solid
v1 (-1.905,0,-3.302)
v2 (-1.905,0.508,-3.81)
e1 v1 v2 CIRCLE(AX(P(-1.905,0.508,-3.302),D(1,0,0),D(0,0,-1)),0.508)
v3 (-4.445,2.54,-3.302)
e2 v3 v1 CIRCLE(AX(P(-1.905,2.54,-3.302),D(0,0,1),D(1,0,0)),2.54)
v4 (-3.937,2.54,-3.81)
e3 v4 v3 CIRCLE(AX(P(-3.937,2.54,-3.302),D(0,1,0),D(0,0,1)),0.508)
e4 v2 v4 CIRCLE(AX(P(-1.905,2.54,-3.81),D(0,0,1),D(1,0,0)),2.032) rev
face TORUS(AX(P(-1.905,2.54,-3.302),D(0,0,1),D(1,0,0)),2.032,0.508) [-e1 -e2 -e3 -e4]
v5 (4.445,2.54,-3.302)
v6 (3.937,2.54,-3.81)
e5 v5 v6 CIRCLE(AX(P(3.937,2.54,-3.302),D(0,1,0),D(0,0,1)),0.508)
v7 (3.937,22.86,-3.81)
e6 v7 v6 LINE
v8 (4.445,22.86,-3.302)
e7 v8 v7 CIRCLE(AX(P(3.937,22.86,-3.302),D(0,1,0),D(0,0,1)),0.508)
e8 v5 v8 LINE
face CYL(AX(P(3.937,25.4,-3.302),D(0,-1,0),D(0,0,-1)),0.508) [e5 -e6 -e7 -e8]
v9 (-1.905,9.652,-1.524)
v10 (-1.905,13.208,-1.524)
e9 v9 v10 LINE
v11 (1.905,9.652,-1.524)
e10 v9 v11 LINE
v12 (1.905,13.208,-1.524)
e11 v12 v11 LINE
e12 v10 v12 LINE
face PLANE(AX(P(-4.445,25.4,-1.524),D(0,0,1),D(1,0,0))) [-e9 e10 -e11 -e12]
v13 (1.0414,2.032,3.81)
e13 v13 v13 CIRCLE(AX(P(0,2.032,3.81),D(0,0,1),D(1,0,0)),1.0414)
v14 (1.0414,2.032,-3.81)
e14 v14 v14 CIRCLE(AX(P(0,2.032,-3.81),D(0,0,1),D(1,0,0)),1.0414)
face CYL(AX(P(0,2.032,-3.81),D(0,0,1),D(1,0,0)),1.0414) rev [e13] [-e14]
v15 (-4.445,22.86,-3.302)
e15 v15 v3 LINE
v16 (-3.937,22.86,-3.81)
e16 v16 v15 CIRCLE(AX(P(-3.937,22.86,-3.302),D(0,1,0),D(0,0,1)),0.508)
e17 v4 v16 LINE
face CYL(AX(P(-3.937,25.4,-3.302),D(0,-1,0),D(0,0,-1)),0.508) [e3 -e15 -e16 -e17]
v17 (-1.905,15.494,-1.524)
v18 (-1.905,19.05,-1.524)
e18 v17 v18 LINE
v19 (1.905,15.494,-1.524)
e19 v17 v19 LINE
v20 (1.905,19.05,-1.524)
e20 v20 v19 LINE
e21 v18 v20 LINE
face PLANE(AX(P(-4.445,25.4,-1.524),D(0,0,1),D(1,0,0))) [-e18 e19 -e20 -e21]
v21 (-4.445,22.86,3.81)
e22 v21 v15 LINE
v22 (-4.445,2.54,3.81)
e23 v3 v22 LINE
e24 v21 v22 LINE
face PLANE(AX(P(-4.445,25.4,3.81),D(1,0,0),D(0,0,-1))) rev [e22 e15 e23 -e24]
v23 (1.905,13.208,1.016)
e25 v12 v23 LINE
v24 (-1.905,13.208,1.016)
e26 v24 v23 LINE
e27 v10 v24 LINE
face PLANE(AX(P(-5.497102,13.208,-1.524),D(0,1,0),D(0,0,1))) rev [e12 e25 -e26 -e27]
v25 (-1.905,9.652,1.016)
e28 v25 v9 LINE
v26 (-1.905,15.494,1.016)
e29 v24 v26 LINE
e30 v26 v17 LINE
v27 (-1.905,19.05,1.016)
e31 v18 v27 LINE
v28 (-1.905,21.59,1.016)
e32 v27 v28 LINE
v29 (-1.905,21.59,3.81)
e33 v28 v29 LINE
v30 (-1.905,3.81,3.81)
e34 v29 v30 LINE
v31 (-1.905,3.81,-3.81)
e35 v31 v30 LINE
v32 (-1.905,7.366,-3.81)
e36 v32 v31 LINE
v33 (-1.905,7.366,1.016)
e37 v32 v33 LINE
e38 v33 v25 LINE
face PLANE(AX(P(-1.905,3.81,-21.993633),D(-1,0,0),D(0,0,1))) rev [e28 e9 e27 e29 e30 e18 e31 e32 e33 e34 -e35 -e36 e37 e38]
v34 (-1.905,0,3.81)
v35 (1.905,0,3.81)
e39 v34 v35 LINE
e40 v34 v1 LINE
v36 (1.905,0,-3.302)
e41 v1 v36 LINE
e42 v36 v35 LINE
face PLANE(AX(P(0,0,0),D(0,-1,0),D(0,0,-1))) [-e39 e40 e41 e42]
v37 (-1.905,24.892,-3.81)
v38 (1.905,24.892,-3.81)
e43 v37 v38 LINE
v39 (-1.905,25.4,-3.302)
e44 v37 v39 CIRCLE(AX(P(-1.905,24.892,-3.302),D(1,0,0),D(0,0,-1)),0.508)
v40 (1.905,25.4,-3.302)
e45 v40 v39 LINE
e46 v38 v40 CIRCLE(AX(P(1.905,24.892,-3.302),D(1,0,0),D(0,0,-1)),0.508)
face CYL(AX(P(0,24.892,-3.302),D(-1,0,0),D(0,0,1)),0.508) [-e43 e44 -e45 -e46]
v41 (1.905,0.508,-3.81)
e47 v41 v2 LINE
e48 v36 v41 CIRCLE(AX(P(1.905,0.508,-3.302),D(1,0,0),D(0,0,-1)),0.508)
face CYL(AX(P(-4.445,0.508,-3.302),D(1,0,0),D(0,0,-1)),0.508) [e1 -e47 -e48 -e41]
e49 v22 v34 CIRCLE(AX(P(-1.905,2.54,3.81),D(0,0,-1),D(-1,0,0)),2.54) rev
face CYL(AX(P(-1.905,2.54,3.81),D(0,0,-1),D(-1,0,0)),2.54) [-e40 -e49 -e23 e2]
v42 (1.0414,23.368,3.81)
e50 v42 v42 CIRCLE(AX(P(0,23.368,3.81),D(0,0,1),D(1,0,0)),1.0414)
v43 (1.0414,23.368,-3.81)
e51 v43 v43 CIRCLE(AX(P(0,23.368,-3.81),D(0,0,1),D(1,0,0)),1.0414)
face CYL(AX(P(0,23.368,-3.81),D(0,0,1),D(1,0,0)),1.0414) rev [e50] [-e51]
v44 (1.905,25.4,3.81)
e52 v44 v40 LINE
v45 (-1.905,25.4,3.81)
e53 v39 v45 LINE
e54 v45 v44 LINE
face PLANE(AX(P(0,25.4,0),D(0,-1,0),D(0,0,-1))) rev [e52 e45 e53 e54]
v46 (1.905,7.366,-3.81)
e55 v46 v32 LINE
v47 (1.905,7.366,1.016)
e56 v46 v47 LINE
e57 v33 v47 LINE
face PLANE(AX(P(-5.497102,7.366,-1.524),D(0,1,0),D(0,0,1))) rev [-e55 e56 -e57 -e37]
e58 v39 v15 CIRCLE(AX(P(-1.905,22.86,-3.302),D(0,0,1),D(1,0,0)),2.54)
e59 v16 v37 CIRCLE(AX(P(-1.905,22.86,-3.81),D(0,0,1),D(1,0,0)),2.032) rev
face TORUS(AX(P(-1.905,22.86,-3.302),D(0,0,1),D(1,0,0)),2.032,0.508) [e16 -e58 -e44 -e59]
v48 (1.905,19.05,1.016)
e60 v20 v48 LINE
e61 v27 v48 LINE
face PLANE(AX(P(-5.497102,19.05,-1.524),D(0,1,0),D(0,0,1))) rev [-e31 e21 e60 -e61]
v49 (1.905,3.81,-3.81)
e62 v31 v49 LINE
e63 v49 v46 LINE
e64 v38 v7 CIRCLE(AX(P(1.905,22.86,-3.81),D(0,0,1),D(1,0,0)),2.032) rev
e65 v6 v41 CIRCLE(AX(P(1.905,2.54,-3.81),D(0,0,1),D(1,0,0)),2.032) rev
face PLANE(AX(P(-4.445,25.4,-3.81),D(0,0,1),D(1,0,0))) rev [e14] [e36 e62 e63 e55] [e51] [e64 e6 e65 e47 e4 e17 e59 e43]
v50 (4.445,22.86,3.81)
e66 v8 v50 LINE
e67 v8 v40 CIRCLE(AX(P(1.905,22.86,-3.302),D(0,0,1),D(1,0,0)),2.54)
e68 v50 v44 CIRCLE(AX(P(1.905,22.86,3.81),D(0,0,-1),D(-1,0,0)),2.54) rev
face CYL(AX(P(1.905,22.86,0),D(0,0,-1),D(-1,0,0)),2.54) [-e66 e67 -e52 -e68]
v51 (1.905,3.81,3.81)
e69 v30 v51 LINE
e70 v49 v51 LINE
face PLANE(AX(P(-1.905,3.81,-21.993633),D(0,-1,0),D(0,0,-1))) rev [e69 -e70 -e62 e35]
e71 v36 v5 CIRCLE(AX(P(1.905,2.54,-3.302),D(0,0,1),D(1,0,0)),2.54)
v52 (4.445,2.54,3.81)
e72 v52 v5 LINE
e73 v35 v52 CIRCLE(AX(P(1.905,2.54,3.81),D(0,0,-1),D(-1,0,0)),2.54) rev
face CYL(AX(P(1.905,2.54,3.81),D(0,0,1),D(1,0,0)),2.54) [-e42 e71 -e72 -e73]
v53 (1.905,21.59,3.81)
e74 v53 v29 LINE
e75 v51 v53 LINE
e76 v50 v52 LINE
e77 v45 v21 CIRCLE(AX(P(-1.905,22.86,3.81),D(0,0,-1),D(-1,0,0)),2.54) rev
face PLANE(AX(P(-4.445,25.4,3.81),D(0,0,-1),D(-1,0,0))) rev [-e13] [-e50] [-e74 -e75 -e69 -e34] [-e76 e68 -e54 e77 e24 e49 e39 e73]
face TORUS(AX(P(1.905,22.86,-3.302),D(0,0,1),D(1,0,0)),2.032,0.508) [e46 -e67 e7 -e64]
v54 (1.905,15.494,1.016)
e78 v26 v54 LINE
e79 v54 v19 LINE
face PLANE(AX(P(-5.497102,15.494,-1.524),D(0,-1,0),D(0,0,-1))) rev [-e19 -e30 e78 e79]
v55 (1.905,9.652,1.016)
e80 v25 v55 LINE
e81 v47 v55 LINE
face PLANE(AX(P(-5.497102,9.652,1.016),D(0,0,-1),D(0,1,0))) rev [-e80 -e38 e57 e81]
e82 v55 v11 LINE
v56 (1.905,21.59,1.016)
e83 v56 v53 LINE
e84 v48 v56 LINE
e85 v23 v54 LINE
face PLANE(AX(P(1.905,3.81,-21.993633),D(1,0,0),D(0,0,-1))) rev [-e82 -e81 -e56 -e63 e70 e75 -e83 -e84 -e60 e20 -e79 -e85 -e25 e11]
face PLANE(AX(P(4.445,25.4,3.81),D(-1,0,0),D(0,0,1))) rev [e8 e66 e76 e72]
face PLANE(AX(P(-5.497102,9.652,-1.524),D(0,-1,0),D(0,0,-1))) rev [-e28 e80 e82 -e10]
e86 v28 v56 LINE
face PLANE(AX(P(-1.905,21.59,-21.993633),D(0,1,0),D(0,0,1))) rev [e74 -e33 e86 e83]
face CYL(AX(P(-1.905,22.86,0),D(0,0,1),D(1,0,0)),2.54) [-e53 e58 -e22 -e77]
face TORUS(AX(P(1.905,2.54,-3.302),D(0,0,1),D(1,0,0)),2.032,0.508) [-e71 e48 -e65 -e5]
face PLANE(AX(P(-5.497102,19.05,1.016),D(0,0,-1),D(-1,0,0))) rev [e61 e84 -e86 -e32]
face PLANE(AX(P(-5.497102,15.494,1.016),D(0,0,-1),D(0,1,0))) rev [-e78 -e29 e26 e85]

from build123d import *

# Parameters (mm, degrees)
SKETCH1_W           = 8.89
SKETCH1_H           = 7.62
BOSS_EXTRUDE1_DEPTH = 25.4
SKETCH2_W           = 3.81
SKETCH2_H           = 17.78
CUT_EXTRUDE1_DEPTH  = 5.334
SKETCH3_W           = 2.54
SKETCH3_H           = 2.286
SKETCH3_H_2         = 2.54
BOSS_EXTRUDE2_DEPTH = 3.81
SKETCH4_W           = 3.81
SKETCH4_H           = 3.556
CUT_EXTRUDE2_DEPTH  = 3.286
SKETCH5_R           = 1.0414
CUT_EXTRUDE4_DEPTH  = 8.62
FILLET3_R           = 2.54
FILLET2_R           = 0.508


with BuildPart() as part:
    # Sketch1 → Boss-Extrude1 (new body)
    with BuildSketch(Plane(origin=(0, 0, 0), x_dir=(1, 0, 0), z_dir=(0, 1, 0))):
        Rectangle(SKETCH1_W, SKETCH1_H)
    extrude(amount=BOSS_EXTRUDE1_DEPTH)

    # Sketch2 → Cut-Extrude1 (cut)
    with BuildSketch(Plane.XY.offset(3.81)):
        with Locations((0, 12.7)):
            Rectangle(SKETCH2_W, SKETCH2_H)
    extrude(amount=-CUT_EXTRUDE1_DEPTH, mode=Mode.SUBTRACT)

    # Sketch3 → Boss-Extrude2 (add)
    with BuildSketch(Plane.ZY.offset(-1.905)):
        with Locations((-0.254, 14.351)):
            Rectangle(SKETCH3_W, SKETCH3_H)
        with Locations((-0.254, 8.509)):
            Rectangle(SKETCH3_W, SKETCH3_H)
        with Locations((-0.254, 20.32)):
            Rectangle(SKETCH3_W, SKETCH3_H_2)
    extrude(amount=BOSS_EXTRUDE2_DEPTH)

    # Sketch4 → Cut-Extrude2 (cut, through all)
    with BuildSketch(Plane.XY.offset(-1.524)):
        with Locations((0, 5.588)):
            Rectangle(SKETCH4_W, SKETCH4_H)
    extrude(amount=-CUT_EXTRUDE2_DEPTH, mode=Mode.SUBTRACT)

    # Sketch5 → Cut-Extrude4 (cut, through all)
    with BuildSketch(Plane.XY.offset(3.81)):
        with Locations((0, 2.032)):
            Circle(SKETCH5_R)
        with Locations((0, 23.368)):
            Circle(SKETCH5_R)
    extrude(amount=-CUT_EXTRUDE4_DEPTH, mode=Mode.SUBTRACT)

    # Fillet3
    fillet3_edges = [part.edges().sort_by_distance(p)[0] for p in [
        (-4.445, 25.4, 0),
        (4.445, 25.4, 0),
        (-4.445, 0, 0),
        (4.445, 0, 0),
    ]]
    fillet(fillet3_edges, radius=FILLET3_R)

    # Fillet2
    fillet2_edges = [part.edges().sort_by_distance(p)[0] for p in [
        (0, 25.4, -3.81),
        (4.445, 12.7, -3.81),
        (-3.701051224, 24.656051224, -3.81),
        (3.701051224, 24.656051224, -3.81),
        (3.701051224, 0.743948776, -3.81),
        (-3.701051224, 0.743948776, -3.81),
        (-4.445, 12.7, -3.81),
        (0, 0, -3.81),
    ]]
    fillet(fillet2_edges, radius=FILLET2_R)


solid = part.part
